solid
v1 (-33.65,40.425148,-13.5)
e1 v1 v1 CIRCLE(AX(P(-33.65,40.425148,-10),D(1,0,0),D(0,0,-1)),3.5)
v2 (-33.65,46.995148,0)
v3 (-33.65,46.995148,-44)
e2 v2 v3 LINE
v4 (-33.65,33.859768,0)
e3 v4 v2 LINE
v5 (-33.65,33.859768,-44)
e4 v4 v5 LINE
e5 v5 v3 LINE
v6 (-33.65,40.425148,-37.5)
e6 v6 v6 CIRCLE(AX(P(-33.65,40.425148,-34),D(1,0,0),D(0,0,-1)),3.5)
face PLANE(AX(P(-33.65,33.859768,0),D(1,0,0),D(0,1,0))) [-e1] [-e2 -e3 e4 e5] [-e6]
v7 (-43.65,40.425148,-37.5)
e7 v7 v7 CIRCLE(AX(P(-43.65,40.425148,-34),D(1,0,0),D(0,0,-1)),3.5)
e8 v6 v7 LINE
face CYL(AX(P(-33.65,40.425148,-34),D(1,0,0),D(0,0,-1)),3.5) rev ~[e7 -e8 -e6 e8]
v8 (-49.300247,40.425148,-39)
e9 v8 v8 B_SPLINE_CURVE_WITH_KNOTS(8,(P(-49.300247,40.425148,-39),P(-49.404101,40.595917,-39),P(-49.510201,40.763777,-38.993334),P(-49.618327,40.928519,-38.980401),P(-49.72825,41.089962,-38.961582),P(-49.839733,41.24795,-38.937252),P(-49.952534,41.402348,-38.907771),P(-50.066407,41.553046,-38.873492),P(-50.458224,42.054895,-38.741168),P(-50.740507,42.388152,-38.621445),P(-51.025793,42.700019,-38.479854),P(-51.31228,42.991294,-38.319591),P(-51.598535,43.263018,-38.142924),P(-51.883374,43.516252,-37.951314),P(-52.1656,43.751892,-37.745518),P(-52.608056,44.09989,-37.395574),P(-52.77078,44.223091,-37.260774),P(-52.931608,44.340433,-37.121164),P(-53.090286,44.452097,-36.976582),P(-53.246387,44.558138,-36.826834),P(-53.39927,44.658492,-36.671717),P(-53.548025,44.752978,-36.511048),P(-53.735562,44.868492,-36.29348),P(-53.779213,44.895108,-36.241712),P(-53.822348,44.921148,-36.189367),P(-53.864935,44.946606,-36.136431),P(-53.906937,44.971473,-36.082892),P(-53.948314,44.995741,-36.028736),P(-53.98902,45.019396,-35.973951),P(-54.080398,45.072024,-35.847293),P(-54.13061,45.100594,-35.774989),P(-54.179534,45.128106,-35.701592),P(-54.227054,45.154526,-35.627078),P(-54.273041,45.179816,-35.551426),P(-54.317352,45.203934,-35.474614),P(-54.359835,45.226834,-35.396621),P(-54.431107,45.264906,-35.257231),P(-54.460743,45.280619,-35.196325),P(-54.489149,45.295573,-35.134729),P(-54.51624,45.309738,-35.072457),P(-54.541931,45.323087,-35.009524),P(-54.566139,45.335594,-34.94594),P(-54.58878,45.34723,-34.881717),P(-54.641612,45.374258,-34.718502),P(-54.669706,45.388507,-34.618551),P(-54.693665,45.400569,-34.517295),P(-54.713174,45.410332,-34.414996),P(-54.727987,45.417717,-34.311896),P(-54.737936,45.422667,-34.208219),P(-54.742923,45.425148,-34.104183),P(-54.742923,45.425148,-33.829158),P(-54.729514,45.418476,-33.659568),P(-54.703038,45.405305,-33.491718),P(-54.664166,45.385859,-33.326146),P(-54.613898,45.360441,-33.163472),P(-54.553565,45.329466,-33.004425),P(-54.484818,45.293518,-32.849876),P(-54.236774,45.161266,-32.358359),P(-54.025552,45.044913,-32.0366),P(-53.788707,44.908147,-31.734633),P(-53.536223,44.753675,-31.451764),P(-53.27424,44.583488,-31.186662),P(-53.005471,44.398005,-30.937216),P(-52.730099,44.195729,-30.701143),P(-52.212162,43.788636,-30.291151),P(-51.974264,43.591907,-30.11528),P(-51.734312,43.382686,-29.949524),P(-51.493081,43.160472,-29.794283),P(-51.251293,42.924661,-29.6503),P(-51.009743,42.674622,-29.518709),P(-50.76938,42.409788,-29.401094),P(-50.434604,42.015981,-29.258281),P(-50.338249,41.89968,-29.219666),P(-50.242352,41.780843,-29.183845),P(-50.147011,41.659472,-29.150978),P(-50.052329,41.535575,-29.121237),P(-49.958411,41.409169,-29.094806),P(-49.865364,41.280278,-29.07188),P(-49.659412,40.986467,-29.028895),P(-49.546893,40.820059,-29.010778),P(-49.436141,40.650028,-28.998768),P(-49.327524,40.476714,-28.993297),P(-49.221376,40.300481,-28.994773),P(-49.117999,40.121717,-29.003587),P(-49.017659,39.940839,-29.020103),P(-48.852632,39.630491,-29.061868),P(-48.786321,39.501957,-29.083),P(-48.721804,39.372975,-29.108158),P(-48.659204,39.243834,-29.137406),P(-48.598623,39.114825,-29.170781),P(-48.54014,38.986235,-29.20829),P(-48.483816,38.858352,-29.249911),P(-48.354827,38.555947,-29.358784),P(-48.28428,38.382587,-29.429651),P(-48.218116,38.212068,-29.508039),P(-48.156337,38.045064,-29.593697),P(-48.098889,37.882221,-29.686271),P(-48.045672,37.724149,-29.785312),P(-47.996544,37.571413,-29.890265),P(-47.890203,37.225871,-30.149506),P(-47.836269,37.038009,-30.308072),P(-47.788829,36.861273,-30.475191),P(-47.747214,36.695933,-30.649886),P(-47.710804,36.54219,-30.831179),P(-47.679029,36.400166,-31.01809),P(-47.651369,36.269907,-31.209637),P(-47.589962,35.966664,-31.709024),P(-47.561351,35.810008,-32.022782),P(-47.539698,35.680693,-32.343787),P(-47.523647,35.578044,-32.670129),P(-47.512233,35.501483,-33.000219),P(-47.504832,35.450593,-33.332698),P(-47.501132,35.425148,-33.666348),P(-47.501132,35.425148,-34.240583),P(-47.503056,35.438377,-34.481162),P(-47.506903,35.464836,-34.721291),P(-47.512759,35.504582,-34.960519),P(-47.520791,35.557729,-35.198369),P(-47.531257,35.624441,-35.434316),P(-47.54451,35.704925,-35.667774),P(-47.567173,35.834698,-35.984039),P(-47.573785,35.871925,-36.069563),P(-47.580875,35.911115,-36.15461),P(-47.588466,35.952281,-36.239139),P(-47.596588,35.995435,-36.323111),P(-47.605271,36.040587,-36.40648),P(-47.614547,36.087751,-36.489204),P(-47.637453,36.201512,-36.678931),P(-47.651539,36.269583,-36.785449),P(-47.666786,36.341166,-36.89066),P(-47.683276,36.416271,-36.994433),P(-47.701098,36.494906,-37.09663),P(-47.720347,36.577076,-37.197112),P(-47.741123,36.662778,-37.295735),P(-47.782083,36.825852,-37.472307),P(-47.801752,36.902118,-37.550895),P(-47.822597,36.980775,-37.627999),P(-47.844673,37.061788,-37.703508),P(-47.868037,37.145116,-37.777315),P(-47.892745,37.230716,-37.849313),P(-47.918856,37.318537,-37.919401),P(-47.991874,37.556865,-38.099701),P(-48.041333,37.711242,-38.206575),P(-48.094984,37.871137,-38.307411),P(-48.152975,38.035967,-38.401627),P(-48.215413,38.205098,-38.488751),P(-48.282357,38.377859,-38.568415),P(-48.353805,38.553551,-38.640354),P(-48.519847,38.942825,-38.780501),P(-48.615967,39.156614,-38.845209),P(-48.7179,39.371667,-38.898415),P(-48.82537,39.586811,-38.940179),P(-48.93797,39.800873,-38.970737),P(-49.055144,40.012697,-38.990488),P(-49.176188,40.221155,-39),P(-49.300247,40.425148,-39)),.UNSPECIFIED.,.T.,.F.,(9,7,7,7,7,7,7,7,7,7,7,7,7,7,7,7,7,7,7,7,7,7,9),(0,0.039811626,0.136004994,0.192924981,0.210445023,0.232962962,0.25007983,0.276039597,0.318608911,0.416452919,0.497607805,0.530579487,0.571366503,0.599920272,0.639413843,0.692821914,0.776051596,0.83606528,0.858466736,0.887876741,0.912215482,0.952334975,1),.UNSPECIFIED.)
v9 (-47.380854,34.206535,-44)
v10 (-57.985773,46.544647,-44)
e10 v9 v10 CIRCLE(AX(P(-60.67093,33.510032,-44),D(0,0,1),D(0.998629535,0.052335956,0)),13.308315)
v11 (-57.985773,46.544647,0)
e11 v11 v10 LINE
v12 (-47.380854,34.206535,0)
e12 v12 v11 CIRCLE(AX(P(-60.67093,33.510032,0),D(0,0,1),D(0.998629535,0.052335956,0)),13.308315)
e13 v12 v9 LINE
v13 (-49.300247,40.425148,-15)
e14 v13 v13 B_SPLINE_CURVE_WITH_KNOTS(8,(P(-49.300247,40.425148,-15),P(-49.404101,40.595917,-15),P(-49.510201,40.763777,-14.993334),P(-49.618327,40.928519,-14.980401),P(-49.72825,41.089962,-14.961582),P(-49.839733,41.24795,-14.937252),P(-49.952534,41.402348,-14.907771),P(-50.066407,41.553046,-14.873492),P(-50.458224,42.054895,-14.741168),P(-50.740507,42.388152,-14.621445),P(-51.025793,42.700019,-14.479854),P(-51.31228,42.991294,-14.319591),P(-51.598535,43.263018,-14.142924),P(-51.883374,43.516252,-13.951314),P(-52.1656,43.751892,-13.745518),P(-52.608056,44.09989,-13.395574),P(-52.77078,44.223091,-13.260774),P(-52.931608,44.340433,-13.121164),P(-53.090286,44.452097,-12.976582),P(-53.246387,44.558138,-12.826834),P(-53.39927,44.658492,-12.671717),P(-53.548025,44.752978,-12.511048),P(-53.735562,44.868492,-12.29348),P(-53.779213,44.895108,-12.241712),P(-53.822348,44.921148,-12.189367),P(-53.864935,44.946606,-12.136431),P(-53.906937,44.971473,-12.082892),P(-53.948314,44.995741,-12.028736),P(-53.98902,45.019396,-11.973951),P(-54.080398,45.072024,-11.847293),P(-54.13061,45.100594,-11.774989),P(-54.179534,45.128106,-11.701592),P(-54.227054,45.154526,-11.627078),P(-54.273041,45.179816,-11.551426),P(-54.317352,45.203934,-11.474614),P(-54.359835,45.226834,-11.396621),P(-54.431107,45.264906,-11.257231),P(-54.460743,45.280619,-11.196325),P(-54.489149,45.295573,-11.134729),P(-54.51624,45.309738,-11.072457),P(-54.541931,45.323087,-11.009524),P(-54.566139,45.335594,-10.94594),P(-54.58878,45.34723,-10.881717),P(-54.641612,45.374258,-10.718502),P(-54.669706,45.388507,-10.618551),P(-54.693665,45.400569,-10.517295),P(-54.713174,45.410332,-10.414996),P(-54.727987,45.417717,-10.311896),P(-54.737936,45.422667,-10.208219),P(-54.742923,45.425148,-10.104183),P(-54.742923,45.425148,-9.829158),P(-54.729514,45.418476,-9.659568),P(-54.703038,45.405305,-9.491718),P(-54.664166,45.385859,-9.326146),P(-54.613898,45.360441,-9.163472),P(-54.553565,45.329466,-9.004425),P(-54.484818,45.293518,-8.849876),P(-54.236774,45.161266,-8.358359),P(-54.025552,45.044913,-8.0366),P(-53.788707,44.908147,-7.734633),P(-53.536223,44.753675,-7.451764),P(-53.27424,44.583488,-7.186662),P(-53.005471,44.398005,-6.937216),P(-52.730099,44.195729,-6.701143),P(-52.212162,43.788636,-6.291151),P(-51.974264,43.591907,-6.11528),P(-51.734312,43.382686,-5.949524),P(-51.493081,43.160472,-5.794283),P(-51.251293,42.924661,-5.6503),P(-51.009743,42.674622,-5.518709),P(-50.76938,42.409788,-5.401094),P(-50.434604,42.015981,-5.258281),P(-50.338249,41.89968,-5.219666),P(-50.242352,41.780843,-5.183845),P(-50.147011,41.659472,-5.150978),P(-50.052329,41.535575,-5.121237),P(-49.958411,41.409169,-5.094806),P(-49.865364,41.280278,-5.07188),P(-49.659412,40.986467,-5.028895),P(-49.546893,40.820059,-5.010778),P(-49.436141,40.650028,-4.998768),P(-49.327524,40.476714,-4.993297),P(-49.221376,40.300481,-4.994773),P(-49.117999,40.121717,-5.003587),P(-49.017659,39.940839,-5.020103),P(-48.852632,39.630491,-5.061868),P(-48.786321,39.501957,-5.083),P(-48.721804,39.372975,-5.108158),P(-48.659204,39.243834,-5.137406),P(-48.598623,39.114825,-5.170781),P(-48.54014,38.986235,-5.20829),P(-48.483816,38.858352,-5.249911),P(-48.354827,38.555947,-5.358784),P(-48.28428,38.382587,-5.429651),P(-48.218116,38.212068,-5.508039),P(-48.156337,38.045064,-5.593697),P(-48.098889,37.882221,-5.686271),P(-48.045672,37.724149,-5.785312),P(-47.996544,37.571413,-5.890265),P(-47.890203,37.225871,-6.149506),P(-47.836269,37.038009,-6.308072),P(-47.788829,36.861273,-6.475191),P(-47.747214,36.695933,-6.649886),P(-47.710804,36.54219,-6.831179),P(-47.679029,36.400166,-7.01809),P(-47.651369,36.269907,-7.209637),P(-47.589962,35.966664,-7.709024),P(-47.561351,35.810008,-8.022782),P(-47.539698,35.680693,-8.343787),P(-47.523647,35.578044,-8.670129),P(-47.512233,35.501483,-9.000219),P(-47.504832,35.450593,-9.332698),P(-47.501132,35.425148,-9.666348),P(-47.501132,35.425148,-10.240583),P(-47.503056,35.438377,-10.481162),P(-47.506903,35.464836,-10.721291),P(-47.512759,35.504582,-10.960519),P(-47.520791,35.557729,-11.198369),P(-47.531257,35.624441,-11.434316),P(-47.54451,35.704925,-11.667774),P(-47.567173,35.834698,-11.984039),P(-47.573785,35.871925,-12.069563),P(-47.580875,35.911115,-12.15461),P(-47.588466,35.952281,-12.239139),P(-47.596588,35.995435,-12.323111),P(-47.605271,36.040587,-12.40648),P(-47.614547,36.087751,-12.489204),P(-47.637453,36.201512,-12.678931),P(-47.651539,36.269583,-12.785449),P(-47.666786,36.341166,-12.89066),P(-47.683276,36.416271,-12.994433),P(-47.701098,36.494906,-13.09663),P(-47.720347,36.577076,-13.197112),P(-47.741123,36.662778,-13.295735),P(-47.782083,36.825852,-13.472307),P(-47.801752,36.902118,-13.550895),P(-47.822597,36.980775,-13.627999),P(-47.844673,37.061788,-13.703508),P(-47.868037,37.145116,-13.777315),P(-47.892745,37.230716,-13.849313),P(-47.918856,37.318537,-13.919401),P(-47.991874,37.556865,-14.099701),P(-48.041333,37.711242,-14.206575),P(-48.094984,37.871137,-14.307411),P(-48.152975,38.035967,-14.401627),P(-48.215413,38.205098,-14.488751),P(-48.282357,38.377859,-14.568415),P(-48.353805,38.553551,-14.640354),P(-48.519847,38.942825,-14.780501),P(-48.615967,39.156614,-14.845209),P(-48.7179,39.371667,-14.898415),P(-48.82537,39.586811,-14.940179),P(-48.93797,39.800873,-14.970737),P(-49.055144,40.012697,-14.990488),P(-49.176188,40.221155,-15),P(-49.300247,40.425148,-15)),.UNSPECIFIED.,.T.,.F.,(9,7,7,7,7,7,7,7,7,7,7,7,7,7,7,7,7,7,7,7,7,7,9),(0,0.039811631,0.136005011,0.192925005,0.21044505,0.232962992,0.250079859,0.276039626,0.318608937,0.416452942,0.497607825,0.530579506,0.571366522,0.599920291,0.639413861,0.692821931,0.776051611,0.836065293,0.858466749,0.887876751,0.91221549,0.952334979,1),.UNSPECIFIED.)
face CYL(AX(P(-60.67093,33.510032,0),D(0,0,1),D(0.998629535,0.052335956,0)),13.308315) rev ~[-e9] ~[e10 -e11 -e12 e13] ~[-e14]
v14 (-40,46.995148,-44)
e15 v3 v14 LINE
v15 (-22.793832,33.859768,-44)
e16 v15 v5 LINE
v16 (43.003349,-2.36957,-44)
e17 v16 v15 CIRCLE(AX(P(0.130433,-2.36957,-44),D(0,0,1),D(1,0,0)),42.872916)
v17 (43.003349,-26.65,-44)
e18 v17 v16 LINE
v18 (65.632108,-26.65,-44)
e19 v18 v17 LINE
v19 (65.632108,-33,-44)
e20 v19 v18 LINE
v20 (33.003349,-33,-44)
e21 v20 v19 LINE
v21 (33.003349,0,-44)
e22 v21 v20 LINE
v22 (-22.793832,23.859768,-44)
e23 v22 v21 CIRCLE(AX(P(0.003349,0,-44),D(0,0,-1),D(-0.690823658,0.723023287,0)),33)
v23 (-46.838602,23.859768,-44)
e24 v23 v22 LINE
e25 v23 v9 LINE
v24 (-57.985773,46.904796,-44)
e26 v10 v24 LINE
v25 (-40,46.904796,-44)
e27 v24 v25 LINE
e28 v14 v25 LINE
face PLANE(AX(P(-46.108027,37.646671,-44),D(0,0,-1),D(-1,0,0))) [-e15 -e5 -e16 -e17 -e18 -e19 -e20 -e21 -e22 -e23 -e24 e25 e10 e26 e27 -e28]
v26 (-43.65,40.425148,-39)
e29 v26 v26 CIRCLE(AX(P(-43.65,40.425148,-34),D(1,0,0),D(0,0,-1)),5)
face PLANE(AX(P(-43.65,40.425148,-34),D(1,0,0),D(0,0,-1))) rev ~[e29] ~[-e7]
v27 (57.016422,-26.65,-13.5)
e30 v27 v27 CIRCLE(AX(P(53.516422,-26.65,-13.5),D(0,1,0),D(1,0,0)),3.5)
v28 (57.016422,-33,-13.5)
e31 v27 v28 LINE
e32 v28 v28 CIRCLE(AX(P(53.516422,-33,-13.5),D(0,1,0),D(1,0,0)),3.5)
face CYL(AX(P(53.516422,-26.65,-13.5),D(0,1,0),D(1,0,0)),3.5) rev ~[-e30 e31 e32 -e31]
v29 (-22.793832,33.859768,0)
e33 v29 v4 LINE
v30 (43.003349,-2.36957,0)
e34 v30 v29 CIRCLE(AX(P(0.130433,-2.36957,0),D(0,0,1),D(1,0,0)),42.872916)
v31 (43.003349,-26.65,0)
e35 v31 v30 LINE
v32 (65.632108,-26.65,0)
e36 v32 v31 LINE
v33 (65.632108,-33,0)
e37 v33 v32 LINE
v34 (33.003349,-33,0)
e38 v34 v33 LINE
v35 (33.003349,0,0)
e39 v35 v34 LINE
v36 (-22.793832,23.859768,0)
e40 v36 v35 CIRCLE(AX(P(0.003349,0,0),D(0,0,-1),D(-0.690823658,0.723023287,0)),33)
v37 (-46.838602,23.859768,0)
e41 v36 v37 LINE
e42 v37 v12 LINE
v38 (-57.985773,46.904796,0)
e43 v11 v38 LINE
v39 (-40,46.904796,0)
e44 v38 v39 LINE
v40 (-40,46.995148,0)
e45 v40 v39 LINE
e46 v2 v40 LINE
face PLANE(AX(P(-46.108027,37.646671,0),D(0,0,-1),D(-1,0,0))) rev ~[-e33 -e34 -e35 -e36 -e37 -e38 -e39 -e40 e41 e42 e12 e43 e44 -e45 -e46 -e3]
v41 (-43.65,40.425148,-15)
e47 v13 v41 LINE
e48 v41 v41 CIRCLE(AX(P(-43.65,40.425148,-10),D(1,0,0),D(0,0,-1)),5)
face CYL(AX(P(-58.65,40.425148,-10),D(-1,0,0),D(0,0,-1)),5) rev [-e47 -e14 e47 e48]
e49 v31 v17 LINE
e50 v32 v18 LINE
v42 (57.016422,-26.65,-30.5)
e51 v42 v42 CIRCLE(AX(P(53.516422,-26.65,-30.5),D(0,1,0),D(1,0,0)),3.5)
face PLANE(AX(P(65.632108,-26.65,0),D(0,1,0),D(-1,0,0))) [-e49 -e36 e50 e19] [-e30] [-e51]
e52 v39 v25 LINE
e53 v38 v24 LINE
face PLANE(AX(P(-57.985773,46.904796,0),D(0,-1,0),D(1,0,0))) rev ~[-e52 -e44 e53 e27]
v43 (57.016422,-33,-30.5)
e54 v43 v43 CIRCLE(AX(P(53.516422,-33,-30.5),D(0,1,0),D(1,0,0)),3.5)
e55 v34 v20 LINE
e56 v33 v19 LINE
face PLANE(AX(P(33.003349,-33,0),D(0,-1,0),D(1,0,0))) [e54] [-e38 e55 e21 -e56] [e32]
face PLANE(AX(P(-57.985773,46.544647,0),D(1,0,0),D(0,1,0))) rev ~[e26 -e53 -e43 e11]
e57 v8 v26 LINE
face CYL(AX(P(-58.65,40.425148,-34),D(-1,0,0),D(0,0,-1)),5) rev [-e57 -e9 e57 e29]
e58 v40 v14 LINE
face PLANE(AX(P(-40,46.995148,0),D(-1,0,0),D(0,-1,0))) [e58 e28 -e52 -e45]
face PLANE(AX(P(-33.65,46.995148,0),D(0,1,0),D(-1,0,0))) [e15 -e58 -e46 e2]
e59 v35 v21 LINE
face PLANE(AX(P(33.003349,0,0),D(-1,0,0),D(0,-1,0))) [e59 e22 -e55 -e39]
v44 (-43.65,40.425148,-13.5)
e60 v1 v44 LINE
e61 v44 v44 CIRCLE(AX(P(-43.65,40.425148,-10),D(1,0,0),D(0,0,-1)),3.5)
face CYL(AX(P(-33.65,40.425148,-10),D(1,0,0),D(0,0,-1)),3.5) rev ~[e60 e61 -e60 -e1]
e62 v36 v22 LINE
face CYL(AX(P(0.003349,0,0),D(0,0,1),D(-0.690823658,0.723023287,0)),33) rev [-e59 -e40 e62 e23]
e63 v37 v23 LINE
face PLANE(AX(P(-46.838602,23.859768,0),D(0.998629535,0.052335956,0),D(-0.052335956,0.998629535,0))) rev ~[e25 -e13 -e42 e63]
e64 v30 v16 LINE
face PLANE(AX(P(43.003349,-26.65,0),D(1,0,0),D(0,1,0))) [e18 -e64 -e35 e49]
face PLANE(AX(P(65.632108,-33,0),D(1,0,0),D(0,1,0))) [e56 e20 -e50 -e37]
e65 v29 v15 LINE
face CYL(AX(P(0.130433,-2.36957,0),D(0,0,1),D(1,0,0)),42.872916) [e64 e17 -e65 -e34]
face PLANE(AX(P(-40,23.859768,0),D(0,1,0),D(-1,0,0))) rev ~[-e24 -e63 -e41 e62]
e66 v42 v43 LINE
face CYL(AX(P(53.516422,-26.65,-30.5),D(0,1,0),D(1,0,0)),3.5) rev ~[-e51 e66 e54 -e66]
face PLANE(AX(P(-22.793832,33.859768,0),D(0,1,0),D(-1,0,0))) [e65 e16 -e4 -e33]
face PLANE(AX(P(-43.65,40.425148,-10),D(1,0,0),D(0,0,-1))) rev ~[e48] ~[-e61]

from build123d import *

# Parameters (mm, degrees)
BOSS_EXTRUDE1_DEPTH = 44
CUT_EXTRUDE1_REACH  = 8.35
SKETCH2_R           = 3.5
BOSS_EXTRUDE2_DEPTH = 44
CUT_EXTRUDE2_REACH  = 26.336
SKETCH5_R           = 3.5
SKETCH6_R           = 5
CUT_EXTRUDE3_DEPTH  = 15


with BuildPart() as part:
    # Sketch1 → Boss-Extrude1 (new body)
    with BuildSketch(Plane.XY):
        with BuildLine():
            Line((33.003348812, 0), (33.003348812, -33))
            Line((33.003348812, -33), (65.632108119, -33))
            Line((65.632108119, -33), (65.632108119, -26.65))
            Line((65.632108119, -26.65), (43.003348812, -26.65))
            Line((43.003348812, -26.65), (43.003348812, -2.369569967))
            ThreePointArc((43.003348812, -2.369569967), (20.809611253, 35.186501293), (-22.793831907, 33.859768466))
            Line((-22.793831907, 33.859768466), (-33.65, 33.859768466))
            Line((-33.65, 33.859768466), (-33.65, 46.995147616))
            Line((-33.65, 46.995147616), (-40, 46.995147616))
            Line((-40, 46.995147616), (-40, 23.859768466))
            Line((-40, 23.859768466), (-22.793831907, 23.859768466))
            ThreePointArc((-22.793831907, 23.859768466), (12.978190551, 30.342272193), (33.003348812, 0))
        make_face()
    extrude(amount=-BOSS_EXTRUDE1_DEPTH)

    # Sketch2 → Cut-Extrude1 (cut, up to next)
    with BuildSketch(Plane(origin=(0, -26.65, 0), x_dir=(1, 0, 0), z_dir=(0, 1, 0)), mode=Mode.PRIVATE) as cut_extrude1_sk1:
        with Locations((53.516422245, 13.5)):
            Circle(SKETCH2_R)
    cut_extrude1_tool1 = extrude(cut_extrude1_sk1.sketch, amount=-CUT_EXTRUDE1_REACH, mode=Mode.PRIVATE) & part.part
    add(cut_extrude1_tool1.solids().sort_by_distance((53.516422, -26.65, -13.5))[0], mode=Mode.SUBTRACT)
    # Sketch2 → Cut-Extrude1 (cut, up to next)
    with BuildSketch(Plane(origin=(0, -26.65, 0), x_dir=(1, 0, 0), z_dir=(0, 1, 0)), mode=Mode.PRIVATE) as cut_extrude1_sk2:
        with Locations((53.516422245, 30.5)):
            Circle(SKETCH2_R)
    cut_extrude1_tool2 = extrude(cut_extrude1_sk2.sketch, amount=-CUT_EXTRUDE1_REACH, mode=Mode.PRIVATE) & part.part
    add(cut_extrude1_tool2.solids().sort_by_distance((53.516422, -26.65, -30.5))[0], mode=Mode.SUBTRACT)

    # Sketch4 → Boss-Extrude2 (add)
    with BuildSketch(Plane.XY):
        with BuildLine():
            Line((-40, 23.859768466), (-46.838602468, 23.859768466))
            Line((-46.838602468, 23.859768466), (-47.380853546, 34.206535409))
            ThreePointArc((-47.380853546, 34.206535409), (-50.578394755, 42.184822071), (-57.98577318, 46.544646919))
            Line((-57.98577318, 46.544646919), (-57.98577318, 46.904796258))
            Line((-57.98577318, 46.904796258), (-47.376426292, 46.904796258))
            Line((-47.376426292, 46.904796258), (-40, 46.904796258))
            Line((-40, 46.904796258), (-40, 23.859768466))
        make_face()
    extrude(amount=-BOSS_EXTRUDE2_DEPTH)

    # Sketch5 → Cut-Extrude2 (cut, up to next)
    with BuildSketch(Plane(origin=(-33.65, 0, 0), x_dir=(0, 0, -1), z_dir=(1, 0, 0)), mode=Mode.PRIVATE) as cut_extrude2_sk1:
        with Locations((10, 40.425147616)):
            Circle(SKETCH5_R)
    cut_extrude2_tool1 = extrude(cut_extrude2_sk1.sketch, amount=-CUT_EXTRUDE2_REACH, mode=Mode.PRIVATE) & part.part
    add(cut_extrude2_tool1.solids().sort_by_distance((-33.65, 40.425148, -10))[0], mode=Mode.SUBTRACT)
    # Sketch5 → Cut-Extrude2 (cut, up to next)
    with BuildSketch(Plane(origin=(-33.65, 0, 0), x_dir=(0, 0, -1), z_dir=(1, 0, 0)), mode=Mode.PRIVATE) as cut_extrude2_sk2:
        with Locations((34, 40.425147616)):
            Circle(SKETCH5_R)
    cut_extrude2_tool2 = extrude(cut_extrude2_sk2.sketch, amount=-CUT_EXTRUDE2_REACH, mode=Mode.PRIVATE) & part.part
    add(cut_extrude2_tool2.solids().sort_by_distance((-33.65, 40.425148, -34))[0], mode=Mode.SUBTRACT)

    # Sketch6 → Cut-Extrude3 (cut)
    with BuildSketch(Plane(origin=(-58.65, 0, 0), x_dir=(0, 0, -1), z_dir=(1, 0, 0))):
        with Locations((34, 40.425147616)):
            Circle(SKETCH6_R)
        with Locations((10, 40.425147616)):
            Circle(SKETCH6_R)
    extrude(amount=CUT_EXTRUDE3_DEPTH, mode=Mode.SUBTRACT)


solid = part.part
